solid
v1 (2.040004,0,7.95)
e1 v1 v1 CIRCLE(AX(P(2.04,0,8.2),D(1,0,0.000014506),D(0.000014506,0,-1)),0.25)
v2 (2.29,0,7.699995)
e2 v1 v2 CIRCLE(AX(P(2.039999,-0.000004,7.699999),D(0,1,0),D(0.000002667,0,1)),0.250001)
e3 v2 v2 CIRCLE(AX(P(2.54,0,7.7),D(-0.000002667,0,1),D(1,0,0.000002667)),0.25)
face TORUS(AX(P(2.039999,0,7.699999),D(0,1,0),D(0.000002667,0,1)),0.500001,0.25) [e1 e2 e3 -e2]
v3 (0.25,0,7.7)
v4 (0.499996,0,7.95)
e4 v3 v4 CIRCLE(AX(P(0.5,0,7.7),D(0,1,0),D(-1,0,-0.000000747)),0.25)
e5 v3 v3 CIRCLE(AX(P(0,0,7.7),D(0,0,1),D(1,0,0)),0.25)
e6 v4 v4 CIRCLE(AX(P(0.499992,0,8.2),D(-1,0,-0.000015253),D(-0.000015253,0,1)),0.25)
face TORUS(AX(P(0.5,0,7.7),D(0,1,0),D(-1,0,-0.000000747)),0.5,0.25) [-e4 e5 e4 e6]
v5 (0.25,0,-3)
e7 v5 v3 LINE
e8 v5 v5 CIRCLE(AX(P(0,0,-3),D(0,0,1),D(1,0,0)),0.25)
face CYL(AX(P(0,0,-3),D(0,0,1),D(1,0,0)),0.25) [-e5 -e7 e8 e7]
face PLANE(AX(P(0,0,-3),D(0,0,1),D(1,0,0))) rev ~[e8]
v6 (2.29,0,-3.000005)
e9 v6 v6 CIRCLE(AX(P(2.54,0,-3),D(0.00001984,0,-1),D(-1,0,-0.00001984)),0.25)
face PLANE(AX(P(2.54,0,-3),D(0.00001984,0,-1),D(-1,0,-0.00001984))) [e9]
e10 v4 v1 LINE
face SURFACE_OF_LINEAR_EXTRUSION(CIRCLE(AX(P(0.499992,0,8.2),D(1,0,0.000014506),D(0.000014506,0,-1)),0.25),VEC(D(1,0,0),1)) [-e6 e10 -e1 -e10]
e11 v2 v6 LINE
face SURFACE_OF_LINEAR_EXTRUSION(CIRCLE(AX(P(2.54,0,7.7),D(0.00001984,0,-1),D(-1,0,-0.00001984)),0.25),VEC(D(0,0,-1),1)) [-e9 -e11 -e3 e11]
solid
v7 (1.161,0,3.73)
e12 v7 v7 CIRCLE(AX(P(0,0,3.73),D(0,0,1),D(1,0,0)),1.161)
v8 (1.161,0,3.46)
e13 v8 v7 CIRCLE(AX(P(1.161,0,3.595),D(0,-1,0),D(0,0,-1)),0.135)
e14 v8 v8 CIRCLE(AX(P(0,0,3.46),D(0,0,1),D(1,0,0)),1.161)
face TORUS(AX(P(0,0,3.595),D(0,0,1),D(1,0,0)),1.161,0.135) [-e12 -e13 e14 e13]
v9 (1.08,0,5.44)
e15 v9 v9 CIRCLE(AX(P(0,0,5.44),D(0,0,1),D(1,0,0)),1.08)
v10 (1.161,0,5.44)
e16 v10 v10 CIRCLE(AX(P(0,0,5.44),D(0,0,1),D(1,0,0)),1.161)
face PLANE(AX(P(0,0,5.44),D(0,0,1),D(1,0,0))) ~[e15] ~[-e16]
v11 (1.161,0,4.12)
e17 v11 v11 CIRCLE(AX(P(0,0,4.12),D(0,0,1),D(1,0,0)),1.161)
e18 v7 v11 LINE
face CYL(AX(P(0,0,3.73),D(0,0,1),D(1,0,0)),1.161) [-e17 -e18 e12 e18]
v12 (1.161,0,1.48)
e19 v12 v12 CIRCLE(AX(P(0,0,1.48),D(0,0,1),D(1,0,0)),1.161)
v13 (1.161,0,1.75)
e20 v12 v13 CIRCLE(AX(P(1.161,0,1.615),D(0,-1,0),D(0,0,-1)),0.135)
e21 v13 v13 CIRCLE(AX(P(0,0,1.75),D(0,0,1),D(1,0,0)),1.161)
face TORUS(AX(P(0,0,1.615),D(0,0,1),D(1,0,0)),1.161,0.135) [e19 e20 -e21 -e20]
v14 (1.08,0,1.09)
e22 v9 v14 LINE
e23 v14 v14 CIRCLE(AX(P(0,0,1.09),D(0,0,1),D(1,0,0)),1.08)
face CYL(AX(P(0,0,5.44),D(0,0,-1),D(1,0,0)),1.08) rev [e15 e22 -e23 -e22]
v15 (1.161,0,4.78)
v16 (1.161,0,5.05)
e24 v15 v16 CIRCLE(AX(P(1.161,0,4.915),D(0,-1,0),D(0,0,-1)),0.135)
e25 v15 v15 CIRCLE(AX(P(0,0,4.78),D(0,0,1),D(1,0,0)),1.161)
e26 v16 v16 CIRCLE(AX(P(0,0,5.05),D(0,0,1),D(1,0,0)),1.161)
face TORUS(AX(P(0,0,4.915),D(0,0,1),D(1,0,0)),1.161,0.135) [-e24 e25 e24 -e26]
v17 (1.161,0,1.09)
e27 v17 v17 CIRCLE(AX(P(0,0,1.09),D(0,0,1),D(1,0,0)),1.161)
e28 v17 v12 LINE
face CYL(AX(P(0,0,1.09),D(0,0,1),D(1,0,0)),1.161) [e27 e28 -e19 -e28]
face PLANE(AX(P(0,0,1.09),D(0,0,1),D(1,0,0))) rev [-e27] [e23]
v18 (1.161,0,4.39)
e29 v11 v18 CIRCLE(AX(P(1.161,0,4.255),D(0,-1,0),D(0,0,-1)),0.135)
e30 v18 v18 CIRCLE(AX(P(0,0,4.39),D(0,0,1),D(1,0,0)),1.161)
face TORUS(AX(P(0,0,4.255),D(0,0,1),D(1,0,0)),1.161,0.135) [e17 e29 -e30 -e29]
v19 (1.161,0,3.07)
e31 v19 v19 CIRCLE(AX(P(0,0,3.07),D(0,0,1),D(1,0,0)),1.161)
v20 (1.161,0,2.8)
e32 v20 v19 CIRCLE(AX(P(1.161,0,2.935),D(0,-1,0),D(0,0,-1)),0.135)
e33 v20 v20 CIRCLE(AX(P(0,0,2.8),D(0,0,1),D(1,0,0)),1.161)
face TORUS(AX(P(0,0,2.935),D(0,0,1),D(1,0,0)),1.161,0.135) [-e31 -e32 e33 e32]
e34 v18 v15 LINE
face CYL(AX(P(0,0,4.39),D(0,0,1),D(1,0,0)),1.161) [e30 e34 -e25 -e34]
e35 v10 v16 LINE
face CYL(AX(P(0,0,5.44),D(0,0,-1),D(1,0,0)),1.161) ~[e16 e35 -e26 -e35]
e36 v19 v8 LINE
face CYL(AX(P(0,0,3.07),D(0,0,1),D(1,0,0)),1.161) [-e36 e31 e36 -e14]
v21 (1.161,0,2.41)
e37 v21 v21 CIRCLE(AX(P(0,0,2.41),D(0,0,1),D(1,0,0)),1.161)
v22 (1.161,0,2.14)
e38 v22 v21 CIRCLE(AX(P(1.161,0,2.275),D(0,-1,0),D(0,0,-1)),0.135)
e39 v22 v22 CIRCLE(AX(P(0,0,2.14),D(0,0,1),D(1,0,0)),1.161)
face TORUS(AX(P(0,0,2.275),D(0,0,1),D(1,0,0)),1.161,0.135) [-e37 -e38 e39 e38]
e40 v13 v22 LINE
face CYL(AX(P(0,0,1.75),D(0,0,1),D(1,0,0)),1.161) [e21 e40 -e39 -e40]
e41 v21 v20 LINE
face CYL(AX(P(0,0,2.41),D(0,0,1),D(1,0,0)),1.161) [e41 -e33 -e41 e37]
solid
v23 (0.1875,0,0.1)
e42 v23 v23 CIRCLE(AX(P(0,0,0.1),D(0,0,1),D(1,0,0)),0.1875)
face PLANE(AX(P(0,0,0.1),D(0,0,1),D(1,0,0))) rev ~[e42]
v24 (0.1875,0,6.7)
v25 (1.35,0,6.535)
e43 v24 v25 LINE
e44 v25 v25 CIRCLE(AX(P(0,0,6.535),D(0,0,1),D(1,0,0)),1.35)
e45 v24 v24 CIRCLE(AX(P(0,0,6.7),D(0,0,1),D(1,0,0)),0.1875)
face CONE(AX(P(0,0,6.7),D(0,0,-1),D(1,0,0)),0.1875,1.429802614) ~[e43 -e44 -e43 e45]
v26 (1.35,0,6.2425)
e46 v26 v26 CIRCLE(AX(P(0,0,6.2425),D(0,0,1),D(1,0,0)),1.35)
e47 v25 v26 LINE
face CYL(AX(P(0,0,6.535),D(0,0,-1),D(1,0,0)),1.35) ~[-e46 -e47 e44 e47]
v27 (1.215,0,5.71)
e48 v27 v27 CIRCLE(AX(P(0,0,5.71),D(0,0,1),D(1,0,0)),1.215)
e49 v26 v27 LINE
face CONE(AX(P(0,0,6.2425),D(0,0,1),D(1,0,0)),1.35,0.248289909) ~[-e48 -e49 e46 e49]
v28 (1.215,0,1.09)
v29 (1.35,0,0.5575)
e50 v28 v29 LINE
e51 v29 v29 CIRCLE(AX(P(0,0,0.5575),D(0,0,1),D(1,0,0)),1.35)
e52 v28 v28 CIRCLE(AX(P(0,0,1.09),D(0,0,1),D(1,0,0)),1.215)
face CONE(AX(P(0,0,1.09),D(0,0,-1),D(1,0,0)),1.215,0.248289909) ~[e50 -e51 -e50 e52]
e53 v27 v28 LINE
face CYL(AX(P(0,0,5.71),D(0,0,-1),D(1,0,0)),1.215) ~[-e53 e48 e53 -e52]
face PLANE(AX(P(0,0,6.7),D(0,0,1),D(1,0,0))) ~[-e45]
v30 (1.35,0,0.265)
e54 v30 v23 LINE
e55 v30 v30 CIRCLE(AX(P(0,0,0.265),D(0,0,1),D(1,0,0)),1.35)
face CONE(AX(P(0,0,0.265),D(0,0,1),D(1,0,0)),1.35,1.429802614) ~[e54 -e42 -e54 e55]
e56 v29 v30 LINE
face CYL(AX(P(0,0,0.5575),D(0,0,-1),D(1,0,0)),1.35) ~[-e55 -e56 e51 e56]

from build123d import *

# Parameters (mm, degrees)
SKETCH_R = 0.25


with BuildPart() as sweep_body:
    # Sweep: sweep along a path in Sketch001
    with BuildLine(Plane.XZ) as sweep_path:
        Line((0, -3), (0, 7.7))
        ThreePointArc((0, 7.7), (0.146444, 8.053551), (0.499992, 8.2))
        Line((0.499992, 8.2), (2.04, 8.2))
        ThreePointArc((2.04, 8.2), (2.393553, 8.053553), (2.54, 7.7))
        Line((2.54, 7.7), (2.54, -3))
    # Sketch → Sweep (sweep)
    with BuildSketch(Plane.XY.offset(-2)):
        Circle(SKETCH_R)
    sweep(path=sweep_path.line)


with BuildPart() as revolution:
    # Sketch002 → Revolution (revolve)
    with BuildSketch(Plane.XZ):
        Polygon((0, 0.1), (0, 6.7), (0.1875, 6.7), (1.35, 6.535), (1.35, 6.2425), (1.215, 5.71), (1.215, 1.09), (1.35, 0.5575), (1.35, 0.265), (0.1875, 0.1), align=None)
    revolve(axis=Axis((0, 0, 0), (0, 0, 1)))


with BuildPart() as revolution001:
    # Sketch003 → Revolution001 (revolve)
    with BuildSketch(Plane.XZ):
        with BuildLine():
            Line((1.08, 5.44), (1.08, 1.09))
            Line((1.08, 1.09), (1.161, 1.09))
            Line((1.161, 1.09), (1.161, 1.48))
            ThreePointArc((1.161, 1.48), (1.296, 1.615), (1.161, 1.75))
            Line((1.161, 1.75), (1.161, 2.14))
            ThreePointArc((1.161, 2.14), (1.296, 2.275), (1.161, 2.41))
            Line((1.161, 2.41), (1.161, 2.8))
            ThreePointArc((1.161, 2.8), (1.296, 2.935), (1.161, 3.07))
            Line((1.161, 3.07), (1.161, 3.46))
            ThreePointArc((1.161, 3.46), (1.296, 3.595), (1.161, 3.73))
            Line((1.161, 3.73), (1.161, 4.12))
            ThreePointArc((1.161, 4.12), (1.296, 4.255), (1.161, 4.39))
            Line((1.161, 4.39), (1.161, 4.78))
            ThreePointArc((1.161, 4.78), (1.296, 4.915), (1.161, 5.05))
            Line((1.161, 5.44), (1.161, 5.05))
            Line((1.08, 5.44), (1.161, 5.44))
        make_face()
    revolve(axis=Axis((0, 0, 0), (0, 0, 1)))


solid = Compound([sweep_body.part, revolution.part, revolution001.part])
